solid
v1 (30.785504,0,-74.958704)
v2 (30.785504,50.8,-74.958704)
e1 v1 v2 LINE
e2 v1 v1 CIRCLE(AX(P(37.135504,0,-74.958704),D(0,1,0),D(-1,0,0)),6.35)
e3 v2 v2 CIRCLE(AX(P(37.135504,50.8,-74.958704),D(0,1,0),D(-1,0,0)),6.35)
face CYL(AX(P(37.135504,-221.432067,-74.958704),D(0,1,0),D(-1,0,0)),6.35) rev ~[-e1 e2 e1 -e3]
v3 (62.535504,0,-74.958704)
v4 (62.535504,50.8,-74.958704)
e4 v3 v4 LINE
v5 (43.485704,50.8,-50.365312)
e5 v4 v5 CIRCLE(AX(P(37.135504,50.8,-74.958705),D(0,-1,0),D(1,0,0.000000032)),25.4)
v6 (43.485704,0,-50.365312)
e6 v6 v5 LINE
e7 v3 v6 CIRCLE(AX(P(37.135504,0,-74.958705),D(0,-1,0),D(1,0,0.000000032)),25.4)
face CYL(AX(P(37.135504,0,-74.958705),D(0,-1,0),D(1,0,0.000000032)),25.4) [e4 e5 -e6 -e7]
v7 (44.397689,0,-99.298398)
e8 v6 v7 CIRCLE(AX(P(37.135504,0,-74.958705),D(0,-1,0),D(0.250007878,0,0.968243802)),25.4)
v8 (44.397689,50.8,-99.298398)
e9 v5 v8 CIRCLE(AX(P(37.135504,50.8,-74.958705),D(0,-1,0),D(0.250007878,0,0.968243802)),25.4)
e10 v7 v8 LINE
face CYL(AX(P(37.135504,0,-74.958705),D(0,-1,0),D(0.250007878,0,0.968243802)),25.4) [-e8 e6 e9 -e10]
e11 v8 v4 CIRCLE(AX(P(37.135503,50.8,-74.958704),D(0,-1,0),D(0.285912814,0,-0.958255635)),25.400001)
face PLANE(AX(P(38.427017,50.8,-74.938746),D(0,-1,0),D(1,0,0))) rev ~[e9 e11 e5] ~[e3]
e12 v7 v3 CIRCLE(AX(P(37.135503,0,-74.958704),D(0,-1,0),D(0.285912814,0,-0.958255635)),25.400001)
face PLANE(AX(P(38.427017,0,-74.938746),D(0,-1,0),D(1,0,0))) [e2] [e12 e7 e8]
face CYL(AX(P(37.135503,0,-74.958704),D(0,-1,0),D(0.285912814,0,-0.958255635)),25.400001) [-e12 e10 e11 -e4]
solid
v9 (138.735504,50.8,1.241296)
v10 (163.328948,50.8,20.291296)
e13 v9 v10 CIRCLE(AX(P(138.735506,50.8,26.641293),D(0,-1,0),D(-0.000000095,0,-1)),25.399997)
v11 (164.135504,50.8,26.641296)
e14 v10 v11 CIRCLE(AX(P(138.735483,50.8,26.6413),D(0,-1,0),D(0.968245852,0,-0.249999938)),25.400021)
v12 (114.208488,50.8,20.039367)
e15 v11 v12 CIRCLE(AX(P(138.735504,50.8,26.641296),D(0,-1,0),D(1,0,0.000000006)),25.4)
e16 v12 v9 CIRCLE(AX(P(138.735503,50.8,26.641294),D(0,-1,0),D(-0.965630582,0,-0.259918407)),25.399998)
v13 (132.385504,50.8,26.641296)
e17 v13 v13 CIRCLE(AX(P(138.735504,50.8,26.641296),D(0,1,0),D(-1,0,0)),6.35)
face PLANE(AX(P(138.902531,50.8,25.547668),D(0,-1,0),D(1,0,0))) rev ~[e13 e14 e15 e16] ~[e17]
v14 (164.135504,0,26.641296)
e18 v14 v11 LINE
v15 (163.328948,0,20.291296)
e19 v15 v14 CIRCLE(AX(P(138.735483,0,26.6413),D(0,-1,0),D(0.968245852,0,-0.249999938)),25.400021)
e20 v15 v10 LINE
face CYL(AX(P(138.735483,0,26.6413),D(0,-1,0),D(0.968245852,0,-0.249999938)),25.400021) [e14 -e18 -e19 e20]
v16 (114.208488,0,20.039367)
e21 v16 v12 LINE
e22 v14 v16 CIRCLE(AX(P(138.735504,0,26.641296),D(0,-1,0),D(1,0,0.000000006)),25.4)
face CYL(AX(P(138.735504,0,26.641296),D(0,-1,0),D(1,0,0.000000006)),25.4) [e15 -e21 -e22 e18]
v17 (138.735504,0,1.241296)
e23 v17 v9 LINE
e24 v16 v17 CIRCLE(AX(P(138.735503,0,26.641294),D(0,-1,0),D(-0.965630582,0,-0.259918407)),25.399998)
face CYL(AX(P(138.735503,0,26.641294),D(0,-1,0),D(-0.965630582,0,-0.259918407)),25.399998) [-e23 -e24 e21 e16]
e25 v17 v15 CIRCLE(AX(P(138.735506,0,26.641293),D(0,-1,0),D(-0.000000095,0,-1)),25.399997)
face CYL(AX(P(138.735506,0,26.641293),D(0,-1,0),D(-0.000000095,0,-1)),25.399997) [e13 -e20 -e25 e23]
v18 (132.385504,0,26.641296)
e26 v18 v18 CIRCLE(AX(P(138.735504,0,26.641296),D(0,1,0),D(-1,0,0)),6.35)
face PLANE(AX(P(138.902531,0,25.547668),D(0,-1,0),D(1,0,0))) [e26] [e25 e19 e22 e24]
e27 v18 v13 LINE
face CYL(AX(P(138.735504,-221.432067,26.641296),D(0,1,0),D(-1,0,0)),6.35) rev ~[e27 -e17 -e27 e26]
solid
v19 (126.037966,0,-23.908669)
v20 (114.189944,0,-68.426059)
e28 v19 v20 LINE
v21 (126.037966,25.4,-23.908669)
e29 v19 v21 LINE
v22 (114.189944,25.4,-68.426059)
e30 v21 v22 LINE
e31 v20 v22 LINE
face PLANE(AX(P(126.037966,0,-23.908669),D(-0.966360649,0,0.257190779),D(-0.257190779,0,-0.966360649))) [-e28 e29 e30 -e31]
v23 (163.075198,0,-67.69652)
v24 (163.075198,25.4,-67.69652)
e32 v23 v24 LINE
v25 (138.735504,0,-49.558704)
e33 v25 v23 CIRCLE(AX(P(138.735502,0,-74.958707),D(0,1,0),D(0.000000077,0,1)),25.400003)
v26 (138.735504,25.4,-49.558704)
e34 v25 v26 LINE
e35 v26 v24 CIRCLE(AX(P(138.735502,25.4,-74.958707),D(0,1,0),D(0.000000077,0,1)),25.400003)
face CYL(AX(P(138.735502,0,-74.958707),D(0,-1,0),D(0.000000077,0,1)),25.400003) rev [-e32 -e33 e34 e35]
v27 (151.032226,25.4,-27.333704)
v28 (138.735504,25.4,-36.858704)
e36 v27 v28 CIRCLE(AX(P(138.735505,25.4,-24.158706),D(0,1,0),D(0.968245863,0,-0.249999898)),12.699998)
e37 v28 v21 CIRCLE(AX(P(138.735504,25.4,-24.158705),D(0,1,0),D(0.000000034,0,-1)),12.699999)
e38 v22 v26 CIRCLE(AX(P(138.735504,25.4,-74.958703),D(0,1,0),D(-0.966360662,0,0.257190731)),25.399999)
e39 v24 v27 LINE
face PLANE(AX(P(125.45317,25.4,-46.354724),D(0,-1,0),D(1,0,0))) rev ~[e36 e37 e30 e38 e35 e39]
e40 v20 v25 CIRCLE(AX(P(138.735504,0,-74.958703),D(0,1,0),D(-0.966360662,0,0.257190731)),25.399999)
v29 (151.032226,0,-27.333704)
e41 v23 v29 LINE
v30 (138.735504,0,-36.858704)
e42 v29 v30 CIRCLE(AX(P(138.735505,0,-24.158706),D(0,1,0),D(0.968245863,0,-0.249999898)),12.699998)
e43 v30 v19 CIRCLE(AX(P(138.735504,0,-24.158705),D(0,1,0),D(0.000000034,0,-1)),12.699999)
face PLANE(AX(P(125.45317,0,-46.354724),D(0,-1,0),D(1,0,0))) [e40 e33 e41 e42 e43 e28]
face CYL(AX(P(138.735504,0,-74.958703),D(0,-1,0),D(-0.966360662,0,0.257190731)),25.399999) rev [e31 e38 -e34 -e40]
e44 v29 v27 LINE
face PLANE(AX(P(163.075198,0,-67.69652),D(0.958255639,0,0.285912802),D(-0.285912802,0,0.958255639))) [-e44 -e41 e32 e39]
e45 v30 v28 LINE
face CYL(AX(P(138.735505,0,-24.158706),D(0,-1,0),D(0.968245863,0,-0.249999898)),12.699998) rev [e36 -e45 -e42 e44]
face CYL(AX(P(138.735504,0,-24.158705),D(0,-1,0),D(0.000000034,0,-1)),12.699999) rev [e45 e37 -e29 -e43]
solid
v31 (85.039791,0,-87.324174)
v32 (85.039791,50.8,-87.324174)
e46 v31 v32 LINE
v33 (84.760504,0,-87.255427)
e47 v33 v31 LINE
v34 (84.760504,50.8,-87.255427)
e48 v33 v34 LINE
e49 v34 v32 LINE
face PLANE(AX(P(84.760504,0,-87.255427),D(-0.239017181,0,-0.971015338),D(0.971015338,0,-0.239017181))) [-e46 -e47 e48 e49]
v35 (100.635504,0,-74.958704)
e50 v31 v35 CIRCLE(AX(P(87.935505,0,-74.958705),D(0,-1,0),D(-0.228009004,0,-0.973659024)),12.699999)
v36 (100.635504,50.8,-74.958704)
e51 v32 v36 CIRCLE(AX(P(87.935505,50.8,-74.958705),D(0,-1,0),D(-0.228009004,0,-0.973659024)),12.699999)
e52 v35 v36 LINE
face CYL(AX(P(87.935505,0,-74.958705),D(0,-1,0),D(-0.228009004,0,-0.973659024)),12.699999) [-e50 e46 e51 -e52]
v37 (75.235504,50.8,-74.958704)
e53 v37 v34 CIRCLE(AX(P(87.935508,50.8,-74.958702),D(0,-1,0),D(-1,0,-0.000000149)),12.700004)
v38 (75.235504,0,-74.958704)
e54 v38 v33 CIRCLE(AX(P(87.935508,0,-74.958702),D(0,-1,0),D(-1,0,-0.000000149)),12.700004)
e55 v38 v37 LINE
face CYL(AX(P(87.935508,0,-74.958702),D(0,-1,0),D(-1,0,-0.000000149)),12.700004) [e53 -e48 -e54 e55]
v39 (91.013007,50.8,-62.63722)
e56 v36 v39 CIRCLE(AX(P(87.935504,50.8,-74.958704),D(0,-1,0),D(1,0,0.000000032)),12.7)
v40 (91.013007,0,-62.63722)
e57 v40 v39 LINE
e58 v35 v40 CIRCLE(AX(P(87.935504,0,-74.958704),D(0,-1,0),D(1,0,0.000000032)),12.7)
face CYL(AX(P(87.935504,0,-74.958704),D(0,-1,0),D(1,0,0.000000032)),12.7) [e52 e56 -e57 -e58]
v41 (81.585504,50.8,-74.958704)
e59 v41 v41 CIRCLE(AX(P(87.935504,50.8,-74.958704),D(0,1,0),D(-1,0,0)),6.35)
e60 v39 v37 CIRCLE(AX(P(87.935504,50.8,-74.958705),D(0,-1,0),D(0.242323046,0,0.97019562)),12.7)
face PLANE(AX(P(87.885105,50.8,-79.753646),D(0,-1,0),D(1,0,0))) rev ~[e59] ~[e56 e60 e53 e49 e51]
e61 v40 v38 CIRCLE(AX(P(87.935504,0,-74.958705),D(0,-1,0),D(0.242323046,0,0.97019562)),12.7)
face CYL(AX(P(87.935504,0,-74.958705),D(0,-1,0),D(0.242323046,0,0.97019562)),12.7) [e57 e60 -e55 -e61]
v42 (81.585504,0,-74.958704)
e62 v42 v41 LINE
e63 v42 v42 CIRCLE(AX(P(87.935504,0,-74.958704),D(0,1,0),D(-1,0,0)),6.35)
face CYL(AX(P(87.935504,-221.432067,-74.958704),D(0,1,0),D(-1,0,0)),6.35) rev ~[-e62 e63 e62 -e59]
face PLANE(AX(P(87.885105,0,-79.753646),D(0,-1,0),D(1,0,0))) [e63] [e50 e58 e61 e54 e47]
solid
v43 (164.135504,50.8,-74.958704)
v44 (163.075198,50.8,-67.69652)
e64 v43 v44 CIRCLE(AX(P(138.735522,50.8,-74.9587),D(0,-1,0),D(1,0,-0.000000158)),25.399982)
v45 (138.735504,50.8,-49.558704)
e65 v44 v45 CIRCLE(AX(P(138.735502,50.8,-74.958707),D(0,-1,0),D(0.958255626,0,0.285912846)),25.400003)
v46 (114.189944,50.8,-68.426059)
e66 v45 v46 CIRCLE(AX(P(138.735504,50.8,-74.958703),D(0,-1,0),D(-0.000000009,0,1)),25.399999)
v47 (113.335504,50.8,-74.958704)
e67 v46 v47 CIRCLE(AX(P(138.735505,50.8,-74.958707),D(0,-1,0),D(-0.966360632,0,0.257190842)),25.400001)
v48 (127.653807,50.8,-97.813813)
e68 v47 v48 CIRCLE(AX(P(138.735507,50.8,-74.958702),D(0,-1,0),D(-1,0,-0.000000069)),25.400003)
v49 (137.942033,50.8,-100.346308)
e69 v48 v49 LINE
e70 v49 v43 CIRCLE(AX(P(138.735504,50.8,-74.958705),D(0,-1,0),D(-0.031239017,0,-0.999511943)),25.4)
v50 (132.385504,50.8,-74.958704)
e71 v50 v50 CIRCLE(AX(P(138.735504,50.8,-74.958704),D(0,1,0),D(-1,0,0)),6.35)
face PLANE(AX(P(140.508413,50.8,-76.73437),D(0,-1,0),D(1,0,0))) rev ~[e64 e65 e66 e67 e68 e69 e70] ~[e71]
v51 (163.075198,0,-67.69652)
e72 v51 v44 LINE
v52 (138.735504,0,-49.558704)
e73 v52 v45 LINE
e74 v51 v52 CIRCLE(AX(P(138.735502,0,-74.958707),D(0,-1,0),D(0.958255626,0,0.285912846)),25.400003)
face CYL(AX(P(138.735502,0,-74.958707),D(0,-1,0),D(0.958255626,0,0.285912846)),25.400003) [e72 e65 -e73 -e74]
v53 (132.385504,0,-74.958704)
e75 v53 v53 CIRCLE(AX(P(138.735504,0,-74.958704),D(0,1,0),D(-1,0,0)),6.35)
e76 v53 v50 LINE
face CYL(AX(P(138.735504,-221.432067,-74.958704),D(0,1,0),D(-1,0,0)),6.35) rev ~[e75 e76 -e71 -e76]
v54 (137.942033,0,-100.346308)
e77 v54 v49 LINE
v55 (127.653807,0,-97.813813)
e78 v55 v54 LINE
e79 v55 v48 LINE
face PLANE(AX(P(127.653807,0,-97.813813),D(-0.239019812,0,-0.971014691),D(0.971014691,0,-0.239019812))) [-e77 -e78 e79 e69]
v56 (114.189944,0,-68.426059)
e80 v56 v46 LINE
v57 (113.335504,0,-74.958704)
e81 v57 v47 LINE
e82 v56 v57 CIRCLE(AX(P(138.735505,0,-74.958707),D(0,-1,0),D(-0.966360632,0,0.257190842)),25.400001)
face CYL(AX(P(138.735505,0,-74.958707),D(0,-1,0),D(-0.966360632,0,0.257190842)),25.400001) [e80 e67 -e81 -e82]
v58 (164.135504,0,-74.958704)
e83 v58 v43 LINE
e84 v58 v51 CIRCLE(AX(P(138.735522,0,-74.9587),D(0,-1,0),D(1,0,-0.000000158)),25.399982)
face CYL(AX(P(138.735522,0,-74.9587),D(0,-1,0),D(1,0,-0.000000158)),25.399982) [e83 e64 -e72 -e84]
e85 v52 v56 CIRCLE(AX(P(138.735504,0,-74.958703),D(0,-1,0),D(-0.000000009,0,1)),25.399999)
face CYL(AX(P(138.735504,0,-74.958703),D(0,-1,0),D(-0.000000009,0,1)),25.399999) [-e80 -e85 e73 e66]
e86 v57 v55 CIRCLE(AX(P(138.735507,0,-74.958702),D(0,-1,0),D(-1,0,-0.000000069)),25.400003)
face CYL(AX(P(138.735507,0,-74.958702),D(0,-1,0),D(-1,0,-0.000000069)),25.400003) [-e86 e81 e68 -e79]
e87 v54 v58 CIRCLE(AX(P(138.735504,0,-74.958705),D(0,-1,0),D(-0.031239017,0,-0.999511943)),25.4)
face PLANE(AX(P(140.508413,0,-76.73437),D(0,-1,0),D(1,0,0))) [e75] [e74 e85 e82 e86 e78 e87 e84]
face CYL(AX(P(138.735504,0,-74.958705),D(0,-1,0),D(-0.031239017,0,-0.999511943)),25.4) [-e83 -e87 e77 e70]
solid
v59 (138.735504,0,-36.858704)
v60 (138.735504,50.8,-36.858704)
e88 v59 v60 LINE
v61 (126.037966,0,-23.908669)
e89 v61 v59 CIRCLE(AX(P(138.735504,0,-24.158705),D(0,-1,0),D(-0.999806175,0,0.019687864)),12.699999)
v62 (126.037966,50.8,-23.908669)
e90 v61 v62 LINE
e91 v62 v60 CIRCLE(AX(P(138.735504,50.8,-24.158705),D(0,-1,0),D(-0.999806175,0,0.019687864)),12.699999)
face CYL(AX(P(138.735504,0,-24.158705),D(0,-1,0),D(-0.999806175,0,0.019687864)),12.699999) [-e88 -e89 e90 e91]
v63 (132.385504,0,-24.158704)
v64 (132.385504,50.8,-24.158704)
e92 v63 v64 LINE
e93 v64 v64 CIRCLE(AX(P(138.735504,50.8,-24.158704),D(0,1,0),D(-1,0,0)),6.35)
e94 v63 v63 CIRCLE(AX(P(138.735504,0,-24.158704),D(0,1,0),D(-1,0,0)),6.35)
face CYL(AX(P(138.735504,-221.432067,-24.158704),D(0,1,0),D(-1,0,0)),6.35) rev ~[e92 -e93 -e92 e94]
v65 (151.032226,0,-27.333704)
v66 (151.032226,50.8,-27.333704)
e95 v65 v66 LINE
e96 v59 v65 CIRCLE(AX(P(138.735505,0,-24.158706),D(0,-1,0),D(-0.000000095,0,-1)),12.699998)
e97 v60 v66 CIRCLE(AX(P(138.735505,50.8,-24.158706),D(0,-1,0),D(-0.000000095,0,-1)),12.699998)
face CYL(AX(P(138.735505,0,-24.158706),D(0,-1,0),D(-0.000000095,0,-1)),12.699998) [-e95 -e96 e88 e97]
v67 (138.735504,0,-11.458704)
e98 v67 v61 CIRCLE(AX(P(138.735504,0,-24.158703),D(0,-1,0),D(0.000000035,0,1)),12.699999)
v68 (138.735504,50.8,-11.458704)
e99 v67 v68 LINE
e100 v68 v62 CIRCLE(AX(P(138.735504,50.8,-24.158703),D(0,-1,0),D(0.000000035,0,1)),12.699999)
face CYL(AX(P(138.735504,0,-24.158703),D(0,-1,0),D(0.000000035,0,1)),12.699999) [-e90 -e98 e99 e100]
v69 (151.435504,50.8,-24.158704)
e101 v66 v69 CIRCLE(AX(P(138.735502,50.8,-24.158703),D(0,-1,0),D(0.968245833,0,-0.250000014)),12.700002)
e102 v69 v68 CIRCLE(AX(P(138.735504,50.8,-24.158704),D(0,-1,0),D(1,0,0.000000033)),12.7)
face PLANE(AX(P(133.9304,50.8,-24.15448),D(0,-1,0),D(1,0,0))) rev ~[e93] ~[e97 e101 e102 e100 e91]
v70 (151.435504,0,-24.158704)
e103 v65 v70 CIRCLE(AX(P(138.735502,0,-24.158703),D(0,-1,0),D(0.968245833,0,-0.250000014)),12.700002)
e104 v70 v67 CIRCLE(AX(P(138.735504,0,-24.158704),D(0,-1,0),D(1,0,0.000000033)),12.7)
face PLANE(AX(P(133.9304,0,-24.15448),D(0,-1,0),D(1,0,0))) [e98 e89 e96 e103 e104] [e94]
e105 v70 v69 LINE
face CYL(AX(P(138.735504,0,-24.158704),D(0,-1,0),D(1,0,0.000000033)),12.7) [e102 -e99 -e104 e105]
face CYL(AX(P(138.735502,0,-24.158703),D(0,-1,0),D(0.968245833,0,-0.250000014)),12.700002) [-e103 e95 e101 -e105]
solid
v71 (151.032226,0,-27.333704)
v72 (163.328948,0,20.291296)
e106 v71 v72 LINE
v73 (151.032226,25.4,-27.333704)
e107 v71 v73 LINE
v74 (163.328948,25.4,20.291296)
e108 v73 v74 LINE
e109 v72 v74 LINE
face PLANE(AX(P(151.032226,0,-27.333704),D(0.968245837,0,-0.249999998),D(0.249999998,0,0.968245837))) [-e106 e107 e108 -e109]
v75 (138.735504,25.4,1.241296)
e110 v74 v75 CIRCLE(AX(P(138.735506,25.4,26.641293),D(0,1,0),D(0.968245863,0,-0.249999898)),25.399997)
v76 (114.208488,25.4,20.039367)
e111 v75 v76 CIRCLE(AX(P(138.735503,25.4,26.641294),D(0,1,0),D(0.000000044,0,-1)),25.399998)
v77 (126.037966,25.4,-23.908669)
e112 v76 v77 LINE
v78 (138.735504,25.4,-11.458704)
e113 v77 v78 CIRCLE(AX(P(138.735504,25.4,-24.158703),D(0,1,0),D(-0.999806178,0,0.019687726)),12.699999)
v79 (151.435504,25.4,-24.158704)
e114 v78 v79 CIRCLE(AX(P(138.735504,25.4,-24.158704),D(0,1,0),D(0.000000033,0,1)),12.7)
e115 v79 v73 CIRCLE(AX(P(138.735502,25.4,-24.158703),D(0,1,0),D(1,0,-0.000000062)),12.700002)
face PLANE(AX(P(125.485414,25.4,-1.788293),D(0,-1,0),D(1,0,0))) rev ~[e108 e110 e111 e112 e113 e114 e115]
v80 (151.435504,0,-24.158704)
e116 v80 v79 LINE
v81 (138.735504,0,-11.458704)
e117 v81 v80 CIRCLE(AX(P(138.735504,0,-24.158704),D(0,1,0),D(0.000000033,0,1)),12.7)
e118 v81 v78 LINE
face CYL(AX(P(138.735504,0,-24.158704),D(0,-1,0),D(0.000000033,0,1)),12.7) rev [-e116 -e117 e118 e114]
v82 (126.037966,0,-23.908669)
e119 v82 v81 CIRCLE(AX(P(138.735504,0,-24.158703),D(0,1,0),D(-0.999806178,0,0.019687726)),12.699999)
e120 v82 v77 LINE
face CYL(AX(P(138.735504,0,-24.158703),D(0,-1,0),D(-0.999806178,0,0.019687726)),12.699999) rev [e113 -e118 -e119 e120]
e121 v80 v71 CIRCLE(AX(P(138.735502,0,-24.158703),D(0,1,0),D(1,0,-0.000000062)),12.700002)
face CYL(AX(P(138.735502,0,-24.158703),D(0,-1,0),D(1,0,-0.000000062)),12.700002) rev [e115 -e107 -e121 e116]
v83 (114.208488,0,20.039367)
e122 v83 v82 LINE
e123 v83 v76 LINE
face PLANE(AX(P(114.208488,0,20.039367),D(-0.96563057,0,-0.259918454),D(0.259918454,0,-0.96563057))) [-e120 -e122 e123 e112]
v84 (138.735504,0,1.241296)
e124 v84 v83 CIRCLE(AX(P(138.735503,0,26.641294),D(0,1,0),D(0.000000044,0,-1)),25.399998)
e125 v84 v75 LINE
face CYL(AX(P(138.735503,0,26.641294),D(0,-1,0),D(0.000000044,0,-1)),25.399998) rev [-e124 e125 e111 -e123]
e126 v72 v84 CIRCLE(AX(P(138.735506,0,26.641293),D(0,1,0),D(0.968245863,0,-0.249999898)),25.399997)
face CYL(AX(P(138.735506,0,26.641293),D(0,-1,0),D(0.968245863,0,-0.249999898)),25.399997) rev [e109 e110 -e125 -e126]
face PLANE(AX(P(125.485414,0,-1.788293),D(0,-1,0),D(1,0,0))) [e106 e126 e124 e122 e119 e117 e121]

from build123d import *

# Parameters (mm, degrees)
F1_DEPTH = 50.8
F2_DEPTH = 25.4
F3_D     = 12.7


with BuildPart() as f1:
    # F0 (on Front) → F1 (new body)
    with BuildSketch(Plane.XZ):
        with BuildLine():
            ThreePointArc((164.135504, 26.641296), (135.405806, 51.822104), (114.208488, 20.039367))
            ThreePointArc((114.208488, 20.039367), (123.284436, 6.481323), (138.735504, 1.241296))
            ThreePointArc((138.735504, 1.241296), (154.289764, 6.560832), (163.328948, 20.291296))
            ThreePointArc((163.328948, 20.291296), (163.933058, 23.440787), (164.135504, 26.641296))
        make_face()
        with BuildLine():
            ThreePointArc((138.735504, -11.458704), (129.844088, -15.090478), (126.037966, -23.908669))
            ThreePointArc((126.037966, -23.908669), (129.667278, -33.05012), (138.735504, -36.858704))
            Line((138.735504, -36.858704), (138.735504, -24.158704))
            Line((138.735504, -24.158704), (138.735504, -11.458704))
        make_face()
        with BuildLine():
            Line((138.735504, -24.158704), (138.735504, -36.858704))
            ThreePointArc((138.735504, -36.858704), (146.512634, -34.198936), (151.032226, -27.333704))
            ThreePointArc((151.032226, -27.333704), (151.334281, -25.758959), (151.435504, -24.158704))
            ThreePointArc((151.435504, -24.158704), (147.71576, -15.178448), (138.735504, -11.458704))
            Line((138.735504, -11.458704), (138.735504, -24.158704))
        make_face()
        with BuildLine():
            ThreePointArc((44.397689, -99.298398), (57.502383, -90.135998), (62.535504, -74.958704))
            ThreePointArc((62.535504, -74.958704), (57.21603, -59.404526), (43.485704, -50.365312))
            ThreePointArc((43.485704, -50.365312), (11.739914, -75.432012), (44.397689, -99.298398))
        make_face()
        with BuildLine():
            Line((100.635504, -74.958704), (87.935504, -74.958704))
            Line((87.935504, -74.958704), (75.235504, -74.958704))
            ThreePointArc((75.235504, -74.958704), (77.895273, -82.735834), (84.760504, -87.255427))
            Line((84.760504, -87.255427), (85.039791, -87.324174))
            ThreePointArc((85.039791, -87.324174), (95.825829, -84.910226), (100.635504, -74.958704))
        make_face()
        with BuildLine():
            Line((75.235504, -74.958704), (87.935504, -74.958704))
            Line((87.935504, -74.958704), (100.635504, -74.958704))
            ThreePointArc((100.635504, -74.958704), (97.944857, -67.141873), (91.013007, -62.63722))
            ThreePointArc((91.013007, -62.63722), (80.118672, -64.949352), (75.235504, -74.958704))
        make_face()
        with BuildLine():
            Line((138.735504, -74.958704), (113.335504, -74.958704))
            ThreePointArc((113.335504, -74.958704), (117.210692, -88.443601), (127.653807, -97.813813))
            Line((127.653807, -97.813813), (137.942033, -100.346308))
            ThreePointArc((137.942033, -100.346308), (156.413256, -93.197594), (164.135504, -74.958704))
            ThreePointArc((164.135504, -74.958704), (163.86903, -71.289114), (163.075198, -67.69652))
            ThreePointArc((163.075198, -67.69652), (153.912798, -54.591826), (138.735504, -49.558704))
            Line((138.735504, -49.558704), (138.735504, -74.958704))
        make_face()
        with BuildLine():
            ThreePointArc((114.189944, -68.426059), (113.55002, -71.664561), (113.335504, -74.958704))
            Line((113.335504, -74.958704), (138.735504, -74.958704))
            Line((138.735504, -74.958704), (138.735504, -49.558704))
            ThreePointArc((138.735504, -49.558704), (123.255989, -54.820566), (114.189944, -68.426059))
        make_face()
    extrude(amount=-F1_DEPTH)

    # F3 (through all)
    with Locations(Plane.XZ):
        with Locations((138.735504, -24.158704), (138.735504, 26.641296), (138.735504, -74.958704), (87.935504, -74.958704), (37.135504, -74.958704)):
            Hole(F3_D / 2)


with BuildPart() as f2:
    # F0 (on Front) → F2 (new body)
    with BuildSketch(Plane.XZ):
        with BuildLine():
            Line((114.208488, 20.039367), (126.037966, -23.908669))
            ThreePointArc((126.037966, -23.908669), (129.844088, -15.090478), (138.735504, -11.458704))
            Line((138.735504, -11.458704), (138.735504, 1.241296))
            ThreePointArc((138.735504, 1.241296), (123.284436, 6.481323), (114.208488, 20.039367))
        make_face()
        with BuildLine():
            Line((138.735504, 1.241296), (138.735504, -11.458704))
            ThreePointArc((138.735504, -11.458704), (147.71576, -15.178448), (151.435504, -24.158704))
            ThreePointArc((151.435504, -24.158704), (151.334281, -25.758959), (151.032226, -27.333704))
            Line((151.032226, -27.333704), (163.328948, 20.291296))
            ThreePointArc((163.328948, 20.291296), (154.289764, 6.560832), (138.735504, 1.241296))
        make_face()
        with BuildLine():
            Line((126.037966, -23.908669), (114.189944, -68.426059))
            ThreePointArc((114.189944, -68.426059), (123.255989, -54.820566), (138.735504, -49.558704))
            Line((138.735504, -49.558704), (138.735504, -36.858704))
            ThreePointArc((138.735504, -36.858704), (129.667278, -33.05012), (126.037966, -23.908669))
        make_face()
        with BuildLine():
            Line((138.735504, -36.858704), (138.735504, -49.558704))
            ThreePointArc((138.735504, -49.558704), (153.912798, -54.591826), (163.075198, -67.69652))
            Line((163.075198, -67.69652), (151.032226, -27.333704))
            ThreePointArc((151.032226, -27.333704), (146.512634, -34.198936), (138.735504, -36.858704))
        make_face()
    extrude(amount=-F2_DEPTH)


solid = Compound([f1.part, f2.part])
